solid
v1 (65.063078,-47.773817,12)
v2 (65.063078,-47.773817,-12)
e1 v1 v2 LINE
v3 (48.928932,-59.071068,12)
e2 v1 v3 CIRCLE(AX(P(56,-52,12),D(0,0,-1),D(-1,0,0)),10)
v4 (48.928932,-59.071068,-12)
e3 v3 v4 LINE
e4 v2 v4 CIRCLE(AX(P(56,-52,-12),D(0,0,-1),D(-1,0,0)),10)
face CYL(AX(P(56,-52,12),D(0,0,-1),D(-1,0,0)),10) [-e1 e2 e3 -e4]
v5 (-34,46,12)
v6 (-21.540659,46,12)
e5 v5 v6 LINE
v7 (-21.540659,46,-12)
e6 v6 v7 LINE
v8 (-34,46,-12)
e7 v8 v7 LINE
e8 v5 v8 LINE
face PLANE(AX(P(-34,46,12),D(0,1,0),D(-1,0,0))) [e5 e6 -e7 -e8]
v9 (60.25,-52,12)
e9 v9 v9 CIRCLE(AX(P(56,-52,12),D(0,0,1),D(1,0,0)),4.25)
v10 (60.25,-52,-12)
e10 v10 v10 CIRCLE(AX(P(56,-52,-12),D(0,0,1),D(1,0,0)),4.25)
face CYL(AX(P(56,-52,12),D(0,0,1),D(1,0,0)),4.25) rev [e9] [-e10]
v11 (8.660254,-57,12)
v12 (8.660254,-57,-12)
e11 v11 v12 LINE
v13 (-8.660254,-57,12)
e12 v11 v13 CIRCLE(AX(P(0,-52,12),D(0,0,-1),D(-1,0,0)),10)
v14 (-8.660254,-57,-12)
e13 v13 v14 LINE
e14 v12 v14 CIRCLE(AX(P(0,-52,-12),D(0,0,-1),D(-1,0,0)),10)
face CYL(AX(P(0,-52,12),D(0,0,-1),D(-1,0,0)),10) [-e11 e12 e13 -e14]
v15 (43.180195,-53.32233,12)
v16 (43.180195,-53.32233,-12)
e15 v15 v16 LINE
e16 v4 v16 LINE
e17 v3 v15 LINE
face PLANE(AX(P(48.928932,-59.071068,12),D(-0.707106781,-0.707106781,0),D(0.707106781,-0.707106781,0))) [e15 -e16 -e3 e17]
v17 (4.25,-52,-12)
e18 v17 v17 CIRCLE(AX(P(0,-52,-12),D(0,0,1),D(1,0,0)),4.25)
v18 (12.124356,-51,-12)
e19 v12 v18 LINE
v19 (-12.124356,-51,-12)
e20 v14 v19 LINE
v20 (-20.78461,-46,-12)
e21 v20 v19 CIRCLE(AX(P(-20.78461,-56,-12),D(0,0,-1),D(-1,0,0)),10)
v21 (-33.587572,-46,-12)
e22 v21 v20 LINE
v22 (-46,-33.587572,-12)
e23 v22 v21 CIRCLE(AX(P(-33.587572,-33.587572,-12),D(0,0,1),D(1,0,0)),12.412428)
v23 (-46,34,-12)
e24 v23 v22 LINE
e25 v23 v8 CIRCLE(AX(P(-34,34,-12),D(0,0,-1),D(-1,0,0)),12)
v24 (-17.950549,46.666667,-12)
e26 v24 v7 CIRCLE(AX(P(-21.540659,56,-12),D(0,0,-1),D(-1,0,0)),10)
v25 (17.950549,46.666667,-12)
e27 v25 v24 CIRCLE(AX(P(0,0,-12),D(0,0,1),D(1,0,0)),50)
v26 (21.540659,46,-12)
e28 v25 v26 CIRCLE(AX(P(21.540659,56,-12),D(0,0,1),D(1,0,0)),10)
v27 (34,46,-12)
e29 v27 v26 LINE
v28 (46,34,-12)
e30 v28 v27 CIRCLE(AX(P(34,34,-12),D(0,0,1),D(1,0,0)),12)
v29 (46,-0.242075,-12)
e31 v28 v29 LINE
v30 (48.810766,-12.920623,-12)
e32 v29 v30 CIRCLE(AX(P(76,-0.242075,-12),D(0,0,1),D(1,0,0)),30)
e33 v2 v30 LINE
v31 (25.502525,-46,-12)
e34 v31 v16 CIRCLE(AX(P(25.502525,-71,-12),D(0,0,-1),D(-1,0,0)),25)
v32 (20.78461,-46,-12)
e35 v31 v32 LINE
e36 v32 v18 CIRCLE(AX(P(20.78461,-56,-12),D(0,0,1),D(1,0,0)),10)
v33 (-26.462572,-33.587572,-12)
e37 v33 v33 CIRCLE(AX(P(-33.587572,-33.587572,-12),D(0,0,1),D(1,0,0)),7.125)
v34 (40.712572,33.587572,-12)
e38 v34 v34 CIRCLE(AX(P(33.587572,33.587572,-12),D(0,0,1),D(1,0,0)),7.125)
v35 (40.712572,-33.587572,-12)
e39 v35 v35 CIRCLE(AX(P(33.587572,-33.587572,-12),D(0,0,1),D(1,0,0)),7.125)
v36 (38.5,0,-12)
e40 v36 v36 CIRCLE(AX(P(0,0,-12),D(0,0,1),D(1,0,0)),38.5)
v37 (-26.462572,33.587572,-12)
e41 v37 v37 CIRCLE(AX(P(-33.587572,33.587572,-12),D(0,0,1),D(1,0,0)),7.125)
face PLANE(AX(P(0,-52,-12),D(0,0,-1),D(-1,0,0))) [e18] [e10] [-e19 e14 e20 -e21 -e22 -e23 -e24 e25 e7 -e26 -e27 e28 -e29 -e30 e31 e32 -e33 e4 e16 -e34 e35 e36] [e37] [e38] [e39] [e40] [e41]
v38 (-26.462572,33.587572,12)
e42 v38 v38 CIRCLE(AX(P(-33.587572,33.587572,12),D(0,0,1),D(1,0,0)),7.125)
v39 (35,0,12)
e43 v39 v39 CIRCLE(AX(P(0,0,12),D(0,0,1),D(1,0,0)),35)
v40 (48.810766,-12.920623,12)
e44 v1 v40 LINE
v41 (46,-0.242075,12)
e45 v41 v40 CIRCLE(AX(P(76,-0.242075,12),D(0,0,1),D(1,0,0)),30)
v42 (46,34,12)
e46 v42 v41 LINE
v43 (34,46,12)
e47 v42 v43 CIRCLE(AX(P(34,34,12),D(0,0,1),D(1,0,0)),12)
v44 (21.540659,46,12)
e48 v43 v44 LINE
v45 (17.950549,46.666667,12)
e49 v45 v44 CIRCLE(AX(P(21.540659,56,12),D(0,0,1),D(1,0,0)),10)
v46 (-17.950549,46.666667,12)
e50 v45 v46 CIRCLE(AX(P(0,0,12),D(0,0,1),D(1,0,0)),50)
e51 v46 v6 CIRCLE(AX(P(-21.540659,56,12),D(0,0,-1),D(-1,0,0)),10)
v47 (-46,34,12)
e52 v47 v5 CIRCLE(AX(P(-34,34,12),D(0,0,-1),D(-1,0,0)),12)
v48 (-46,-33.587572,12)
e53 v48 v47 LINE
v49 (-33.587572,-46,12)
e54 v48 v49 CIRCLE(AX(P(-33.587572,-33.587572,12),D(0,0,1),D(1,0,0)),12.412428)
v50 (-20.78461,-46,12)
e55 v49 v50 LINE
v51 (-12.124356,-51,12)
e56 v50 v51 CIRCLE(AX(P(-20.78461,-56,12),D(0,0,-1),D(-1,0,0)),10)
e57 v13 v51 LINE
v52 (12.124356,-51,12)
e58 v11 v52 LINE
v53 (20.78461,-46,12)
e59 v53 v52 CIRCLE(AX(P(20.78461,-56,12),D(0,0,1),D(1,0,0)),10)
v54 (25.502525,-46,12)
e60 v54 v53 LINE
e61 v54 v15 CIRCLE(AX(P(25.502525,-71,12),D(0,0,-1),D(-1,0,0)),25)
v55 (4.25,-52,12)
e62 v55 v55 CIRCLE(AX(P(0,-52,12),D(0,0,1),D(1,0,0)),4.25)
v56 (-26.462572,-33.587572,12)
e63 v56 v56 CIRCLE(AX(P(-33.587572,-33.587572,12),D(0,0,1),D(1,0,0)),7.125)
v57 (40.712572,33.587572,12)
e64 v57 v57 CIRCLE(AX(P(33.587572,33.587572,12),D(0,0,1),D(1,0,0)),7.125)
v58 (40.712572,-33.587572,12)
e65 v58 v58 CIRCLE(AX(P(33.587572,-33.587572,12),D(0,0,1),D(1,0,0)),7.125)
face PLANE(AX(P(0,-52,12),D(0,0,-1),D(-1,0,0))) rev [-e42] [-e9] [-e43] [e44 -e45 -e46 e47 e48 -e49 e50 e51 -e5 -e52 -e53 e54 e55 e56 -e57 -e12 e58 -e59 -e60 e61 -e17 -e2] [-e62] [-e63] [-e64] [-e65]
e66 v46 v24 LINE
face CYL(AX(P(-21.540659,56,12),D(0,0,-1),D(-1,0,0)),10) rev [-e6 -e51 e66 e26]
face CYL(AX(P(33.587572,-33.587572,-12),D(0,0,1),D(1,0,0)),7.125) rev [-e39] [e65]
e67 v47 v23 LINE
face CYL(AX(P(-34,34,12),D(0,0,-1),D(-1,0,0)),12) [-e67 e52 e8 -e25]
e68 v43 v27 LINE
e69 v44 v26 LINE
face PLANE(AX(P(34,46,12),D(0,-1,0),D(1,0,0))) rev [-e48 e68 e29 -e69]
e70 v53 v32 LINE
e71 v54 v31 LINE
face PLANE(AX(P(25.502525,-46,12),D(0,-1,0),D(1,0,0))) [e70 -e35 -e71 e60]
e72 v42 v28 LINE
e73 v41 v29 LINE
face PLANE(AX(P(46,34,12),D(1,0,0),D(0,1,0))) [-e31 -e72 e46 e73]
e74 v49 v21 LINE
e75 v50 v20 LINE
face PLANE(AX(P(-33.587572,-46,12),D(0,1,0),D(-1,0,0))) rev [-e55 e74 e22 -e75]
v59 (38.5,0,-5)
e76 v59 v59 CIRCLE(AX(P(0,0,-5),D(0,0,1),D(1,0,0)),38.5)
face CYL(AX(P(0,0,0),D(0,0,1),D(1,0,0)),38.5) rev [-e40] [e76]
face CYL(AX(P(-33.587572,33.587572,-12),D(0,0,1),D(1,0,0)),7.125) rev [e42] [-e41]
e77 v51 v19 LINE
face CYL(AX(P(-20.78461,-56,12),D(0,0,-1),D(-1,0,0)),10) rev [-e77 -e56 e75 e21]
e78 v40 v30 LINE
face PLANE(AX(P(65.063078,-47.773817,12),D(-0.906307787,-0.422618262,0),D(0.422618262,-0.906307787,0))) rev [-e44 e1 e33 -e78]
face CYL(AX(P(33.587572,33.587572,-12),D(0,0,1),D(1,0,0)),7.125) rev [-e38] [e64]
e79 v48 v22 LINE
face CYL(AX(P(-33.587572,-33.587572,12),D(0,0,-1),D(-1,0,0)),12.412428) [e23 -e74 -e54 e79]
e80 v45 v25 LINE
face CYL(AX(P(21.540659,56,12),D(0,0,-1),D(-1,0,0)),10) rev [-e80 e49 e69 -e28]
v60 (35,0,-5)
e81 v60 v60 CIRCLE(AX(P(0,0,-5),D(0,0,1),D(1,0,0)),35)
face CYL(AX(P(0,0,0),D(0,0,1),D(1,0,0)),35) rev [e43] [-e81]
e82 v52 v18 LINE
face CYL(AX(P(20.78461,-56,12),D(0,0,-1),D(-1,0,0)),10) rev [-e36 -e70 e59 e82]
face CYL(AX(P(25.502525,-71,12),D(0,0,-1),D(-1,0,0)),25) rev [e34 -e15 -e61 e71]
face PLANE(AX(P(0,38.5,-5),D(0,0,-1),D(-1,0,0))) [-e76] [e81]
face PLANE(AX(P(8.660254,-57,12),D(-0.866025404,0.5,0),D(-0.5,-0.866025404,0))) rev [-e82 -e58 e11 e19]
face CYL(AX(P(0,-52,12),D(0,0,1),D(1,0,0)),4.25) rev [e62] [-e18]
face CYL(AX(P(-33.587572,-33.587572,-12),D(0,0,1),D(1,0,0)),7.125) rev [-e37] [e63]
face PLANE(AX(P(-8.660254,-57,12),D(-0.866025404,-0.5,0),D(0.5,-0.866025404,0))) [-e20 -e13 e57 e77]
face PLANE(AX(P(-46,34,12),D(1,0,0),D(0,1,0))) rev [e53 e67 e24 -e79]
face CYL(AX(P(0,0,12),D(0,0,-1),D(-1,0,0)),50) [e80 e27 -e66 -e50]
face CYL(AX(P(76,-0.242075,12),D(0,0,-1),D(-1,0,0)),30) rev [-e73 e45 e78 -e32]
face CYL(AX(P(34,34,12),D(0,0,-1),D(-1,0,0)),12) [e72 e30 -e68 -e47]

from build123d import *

# Parameters (mm, degrees)
SKETCH1_R              = 31
BASE_EXTRUDE_DEPTH     = 12
M10_GEVINDHULLER_D     = 8.5
M10_GEVINDHULLER_DEPTH = 24
M10_GEVINDHULLER_TIP   = 2.553657631
SKETCH7_R              = 7.125
F_14_25_HULLER_DEPTH   = 25


with BuildPart() as part:
    # Sketch1 → Base-Extrude (new body, symmetric)
    with BuildSketch(Plane.XY):
        with BuildLine():
            Line((34, 46), (21.540659229, 46))
            ThreePointArc((21.540659229, 46), (19.71491737, 46.168079197), (17.950549357, 46.666666667))
            ThreePointArc((17.950549357, 46.666666667), (0, 50), (-17.950549357, 46.666666667))
            ThreePointArc((-17.950549357, 46.666666667), (-19.71491737, 46.168079197), (-21.540659229, 46))
            Line((-21.540659229, 46), (-34, 46))
            ThreePointArc((-34, 46), (-42.485281374, 42.485281374), (-46, 34))
            Line((-46, 34), (-46, 0))
            Line((-46, 0), (-46, -33.587572106))
            ThreePointArc((-46, -33.587572106), (-42.364484041, -42.364484041), (-33.587572106, -46))
            Line((-33.587572106, -46), (-20.784609691, -46))
            ThreePointArc((-20.784609691, -46), (-15.784609691, -47.339745962), (-12.124355653, -51))
            Line((-12.124355653, -51), (-8.660254038, -57))
            ThreePointArc((-8.660254038, -57), (0, -62), (8.660254038, -57))
            Line((8.660254038, -57), (12.124355653, -51))
            ThreePointArc((12.124355653, -51), (15.784609691, -47.339745962), (20.784609691, -46))
            Line((20.784609691, -46), (25.502525317, -46))
            ThreePointArc((25.502525317, -46), (35.069611126, -47.903011687), (43.180194847, -53.32233047))
            Line((43.180194847, -53.32233047), (48.928932188, -59.071067812))
            ThreePointArc((48.928932188, -59.071067812), (61.735764364, -60.191520443), (65.06307787, -47.773817383))
            Line((65.06307787, -47.773817383), (48.810766389, -12.920622936))
            ThreePointArc((48.810766389, -12.920622936), (46.711119786, -6.735263502), (46, -0.242075084))
            Line((46, -0.242075084), (46, 34))
            ThreePointArc((46, 34), (42.485281374, 42.485281374), (34, 46))
        make_face()
        Circle(SKETCH1_R, mode=Mode.SUBTRACT)
    extrude(amount=BASE_EXTRUDE_DEPTH, both=True)

    # Sketch2 → Uddrejning (revolve, cut)
    with BuildSketch(Plane(origin=(0, 0, 0), x_dir=(0, 0, -1), z_dir=(1, 0, 0))):
        Polygon((12, 38.5), (5, 38.5), (5, 35), (-12, 35), (-12, 0), (12, 0), align=None)
    revolve(axis=Axis((0, 0, 0), (0, 0, -1)), mode=Mode.SUBTRACT)

    # M10 gevindhuller
    with Locations(Plane.XY.offset(12)):
        with Locations((56, -52), (0, -52)):
            Hole(M10_GEVINDHULLER_D / 2, depth=M10_GEVINDHULLER_DEPTH)
            with Locations((0, 0, -(M10_GEVINDHULLER_DEPTH + M10_GEVINDHULLER_TIP / 2))):  # 118° drill point
                Cone(0, M10_GEVINDHULLER_D / 2, M10_GEVINDHULLER_TIP, mode=Mode.SUBTRACT)

    # Sketch7 → ø14.25 huller (cut, through all)
    with BuildSketch(Plane.XY.offset(12)):
        with Locations((33.587572106, 33.587572106)):
            Circle(SKETCH7_R)
        with Locations((33.587572106, -33.587572106)):
            Circle(SKETCH7_R)
        with Locations((-33.587572106, -33.587572106)):
            Circle(SKETCH7_R)
        with Locations((-33.587572106, 33.587572106)):
            Circle(SKETCH7_R)
    extrude(amount=-F_14_25_HULLER_DEPTH, mode=Mode.SUBTRACT)


solid = part.part
